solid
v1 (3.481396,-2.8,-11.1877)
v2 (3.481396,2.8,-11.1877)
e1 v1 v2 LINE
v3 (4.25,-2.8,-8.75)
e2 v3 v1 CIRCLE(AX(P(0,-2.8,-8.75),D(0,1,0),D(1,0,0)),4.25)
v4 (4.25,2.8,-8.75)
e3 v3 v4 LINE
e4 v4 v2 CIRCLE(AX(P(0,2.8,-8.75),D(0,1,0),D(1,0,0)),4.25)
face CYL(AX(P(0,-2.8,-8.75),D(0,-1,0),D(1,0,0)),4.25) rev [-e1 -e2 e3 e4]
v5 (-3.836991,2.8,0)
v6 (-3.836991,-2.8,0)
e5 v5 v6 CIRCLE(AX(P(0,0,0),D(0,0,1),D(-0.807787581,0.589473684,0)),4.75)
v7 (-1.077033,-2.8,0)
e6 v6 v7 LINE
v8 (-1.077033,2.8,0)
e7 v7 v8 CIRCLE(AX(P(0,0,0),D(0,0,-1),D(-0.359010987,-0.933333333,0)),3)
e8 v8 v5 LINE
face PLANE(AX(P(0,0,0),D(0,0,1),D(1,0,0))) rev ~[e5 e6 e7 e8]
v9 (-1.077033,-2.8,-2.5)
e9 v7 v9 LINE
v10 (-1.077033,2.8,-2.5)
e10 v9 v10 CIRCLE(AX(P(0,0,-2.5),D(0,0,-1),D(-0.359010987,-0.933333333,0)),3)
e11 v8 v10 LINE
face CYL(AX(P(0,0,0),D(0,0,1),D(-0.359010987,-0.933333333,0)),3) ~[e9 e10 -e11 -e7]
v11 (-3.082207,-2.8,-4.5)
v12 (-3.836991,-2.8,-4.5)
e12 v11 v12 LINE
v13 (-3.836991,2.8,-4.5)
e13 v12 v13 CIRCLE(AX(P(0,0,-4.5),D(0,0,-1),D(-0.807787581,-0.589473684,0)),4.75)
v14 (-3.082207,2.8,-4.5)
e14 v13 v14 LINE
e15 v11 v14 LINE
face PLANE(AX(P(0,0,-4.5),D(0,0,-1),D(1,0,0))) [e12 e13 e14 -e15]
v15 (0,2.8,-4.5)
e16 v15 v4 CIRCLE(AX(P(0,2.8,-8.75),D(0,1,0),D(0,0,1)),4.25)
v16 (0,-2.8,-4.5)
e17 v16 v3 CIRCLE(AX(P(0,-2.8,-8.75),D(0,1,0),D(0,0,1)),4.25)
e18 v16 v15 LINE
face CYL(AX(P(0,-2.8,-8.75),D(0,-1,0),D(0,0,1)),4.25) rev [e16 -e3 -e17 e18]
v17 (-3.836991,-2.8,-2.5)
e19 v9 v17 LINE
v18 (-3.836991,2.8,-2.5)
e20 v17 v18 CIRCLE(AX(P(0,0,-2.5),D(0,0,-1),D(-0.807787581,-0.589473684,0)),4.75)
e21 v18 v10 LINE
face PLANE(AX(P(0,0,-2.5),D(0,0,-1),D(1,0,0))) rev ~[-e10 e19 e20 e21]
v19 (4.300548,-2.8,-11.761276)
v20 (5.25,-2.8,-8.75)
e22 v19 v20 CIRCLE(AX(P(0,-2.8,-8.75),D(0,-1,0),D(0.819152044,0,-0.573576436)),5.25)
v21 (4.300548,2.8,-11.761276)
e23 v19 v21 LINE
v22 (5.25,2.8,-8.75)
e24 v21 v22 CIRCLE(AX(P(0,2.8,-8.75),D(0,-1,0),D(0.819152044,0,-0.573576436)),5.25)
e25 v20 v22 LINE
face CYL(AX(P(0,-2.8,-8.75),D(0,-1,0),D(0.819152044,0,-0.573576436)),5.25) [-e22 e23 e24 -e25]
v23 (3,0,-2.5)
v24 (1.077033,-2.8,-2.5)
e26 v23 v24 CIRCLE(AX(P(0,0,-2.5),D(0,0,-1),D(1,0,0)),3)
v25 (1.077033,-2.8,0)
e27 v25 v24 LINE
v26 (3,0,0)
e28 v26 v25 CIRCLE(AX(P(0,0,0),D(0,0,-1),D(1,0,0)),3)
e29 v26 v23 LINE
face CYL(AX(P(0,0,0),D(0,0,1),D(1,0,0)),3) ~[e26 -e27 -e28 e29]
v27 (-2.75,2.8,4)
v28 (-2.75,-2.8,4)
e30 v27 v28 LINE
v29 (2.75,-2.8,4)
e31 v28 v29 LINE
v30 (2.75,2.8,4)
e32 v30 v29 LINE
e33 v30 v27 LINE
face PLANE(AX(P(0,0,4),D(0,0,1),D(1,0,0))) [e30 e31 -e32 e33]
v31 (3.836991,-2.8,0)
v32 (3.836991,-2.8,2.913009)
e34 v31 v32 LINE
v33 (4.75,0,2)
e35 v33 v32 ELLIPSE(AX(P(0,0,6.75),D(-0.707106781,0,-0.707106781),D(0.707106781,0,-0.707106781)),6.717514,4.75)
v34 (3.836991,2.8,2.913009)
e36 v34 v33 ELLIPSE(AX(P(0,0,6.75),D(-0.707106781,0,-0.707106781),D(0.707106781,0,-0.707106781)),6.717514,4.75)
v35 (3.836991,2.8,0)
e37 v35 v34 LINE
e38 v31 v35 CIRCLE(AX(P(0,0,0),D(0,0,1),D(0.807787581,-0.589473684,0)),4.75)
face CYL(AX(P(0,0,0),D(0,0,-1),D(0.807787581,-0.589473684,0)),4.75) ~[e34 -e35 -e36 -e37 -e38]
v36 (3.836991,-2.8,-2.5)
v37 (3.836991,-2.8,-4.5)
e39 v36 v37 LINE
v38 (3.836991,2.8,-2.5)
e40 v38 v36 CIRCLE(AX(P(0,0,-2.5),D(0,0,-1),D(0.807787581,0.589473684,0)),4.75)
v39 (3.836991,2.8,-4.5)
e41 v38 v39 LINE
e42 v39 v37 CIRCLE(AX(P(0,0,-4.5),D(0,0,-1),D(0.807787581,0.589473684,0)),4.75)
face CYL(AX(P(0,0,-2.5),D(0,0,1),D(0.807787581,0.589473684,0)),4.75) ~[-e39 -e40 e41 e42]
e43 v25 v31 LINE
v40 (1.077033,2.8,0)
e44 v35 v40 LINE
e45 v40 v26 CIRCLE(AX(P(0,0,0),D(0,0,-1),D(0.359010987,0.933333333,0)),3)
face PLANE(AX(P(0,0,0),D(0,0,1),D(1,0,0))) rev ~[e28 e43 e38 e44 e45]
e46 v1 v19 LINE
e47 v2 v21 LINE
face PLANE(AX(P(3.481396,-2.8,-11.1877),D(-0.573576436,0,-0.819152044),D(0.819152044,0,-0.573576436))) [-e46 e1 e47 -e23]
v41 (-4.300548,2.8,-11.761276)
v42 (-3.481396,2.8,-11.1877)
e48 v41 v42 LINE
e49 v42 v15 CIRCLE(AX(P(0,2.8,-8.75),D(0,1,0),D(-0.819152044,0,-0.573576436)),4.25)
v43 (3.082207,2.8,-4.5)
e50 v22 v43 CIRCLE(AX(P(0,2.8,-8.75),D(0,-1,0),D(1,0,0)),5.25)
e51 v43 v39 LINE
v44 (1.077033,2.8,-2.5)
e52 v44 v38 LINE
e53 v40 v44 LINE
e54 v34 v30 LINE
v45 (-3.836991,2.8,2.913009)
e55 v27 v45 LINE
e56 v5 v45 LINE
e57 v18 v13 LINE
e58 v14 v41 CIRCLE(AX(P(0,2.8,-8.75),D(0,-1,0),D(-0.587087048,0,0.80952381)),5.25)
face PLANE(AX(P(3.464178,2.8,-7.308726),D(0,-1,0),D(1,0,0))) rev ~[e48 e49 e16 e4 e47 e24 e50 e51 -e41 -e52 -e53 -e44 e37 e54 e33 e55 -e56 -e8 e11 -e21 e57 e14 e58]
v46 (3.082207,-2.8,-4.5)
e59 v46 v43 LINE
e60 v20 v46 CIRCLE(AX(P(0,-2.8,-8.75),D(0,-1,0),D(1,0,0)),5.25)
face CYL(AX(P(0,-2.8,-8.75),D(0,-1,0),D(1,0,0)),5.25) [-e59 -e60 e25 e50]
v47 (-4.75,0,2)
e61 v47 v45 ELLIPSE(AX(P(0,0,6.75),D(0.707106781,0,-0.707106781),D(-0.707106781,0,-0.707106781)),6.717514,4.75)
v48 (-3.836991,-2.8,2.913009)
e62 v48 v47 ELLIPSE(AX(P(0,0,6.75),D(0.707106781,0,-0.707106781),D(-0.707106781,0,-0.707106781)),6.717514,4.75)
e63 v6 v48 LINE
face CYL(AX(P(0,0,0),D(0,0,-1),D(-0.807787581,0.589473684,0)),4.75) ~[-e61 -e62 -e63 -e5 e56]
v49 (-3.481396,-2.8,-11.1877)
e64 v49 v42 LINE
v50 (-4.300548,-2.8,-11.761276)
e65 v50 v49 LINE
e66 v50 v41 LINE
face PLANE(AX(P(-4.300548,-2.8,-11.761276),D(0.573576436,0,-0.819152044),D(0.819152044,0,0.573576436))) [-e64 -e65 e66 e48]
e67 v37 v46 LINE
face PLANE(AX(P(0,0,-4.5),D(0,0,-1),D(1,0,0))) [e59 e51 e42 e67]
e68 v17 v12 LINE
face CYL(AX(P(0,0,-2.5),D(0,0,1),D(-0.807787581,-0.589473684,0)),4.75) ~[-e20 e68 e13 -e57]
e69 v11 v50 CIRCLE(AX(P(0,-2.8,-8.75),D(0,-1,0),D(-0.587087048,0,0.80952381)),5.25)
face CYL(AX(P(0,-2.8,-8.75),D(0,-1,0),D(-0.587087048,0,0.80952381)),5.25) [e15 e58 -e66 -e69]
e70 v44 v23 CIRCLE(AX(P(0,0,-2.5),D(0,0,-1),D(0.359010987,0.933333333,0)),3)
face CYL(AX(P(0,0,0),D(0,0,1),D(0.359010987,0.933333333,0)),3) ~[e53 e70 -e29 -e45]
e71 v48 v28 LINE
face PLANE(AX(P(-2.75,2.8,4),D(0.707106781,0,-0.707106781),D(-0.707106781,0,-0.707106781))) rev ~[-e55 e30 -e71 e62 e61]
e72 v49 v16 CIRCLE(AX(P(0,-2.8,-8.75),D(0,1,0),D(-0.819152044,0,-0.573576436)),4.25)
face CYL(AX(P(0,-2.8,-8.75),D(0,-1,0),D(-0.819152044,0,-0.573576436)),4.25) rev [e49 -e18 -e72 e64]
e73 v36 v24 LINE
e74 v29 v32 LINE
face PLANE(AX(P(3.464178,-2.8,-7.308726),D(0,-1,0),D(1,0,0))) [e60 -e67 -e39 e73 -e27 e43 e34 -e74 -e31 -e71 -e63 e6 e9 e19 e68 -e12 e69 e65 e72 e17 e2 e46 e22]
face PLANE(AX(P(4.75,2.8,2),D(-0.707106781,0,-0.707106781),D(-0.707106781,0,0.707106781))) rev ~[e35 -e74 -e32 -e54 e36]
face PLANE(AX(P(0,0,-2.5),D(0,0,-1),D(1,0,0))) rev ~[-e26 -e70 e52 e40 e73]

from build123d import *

# Parameters (mm, degrees)
F1_DEPTH = 4
F3_DEPTH = 2.5
F5_DEPTH = 2
F7_DEPTH = 5.6
F9_DEPTH = 25


with BuildPart() as f1:
    # F0 (on Top) → F1 (new body)
    with BuildSketch(Plane.XY):
        with BuildLine():
            Line((3.8369910086, 2.8), (-3.8369910086, 2.8))
            ThreePointArc((-3.8369910086, 2.8), (-4.75, 0), (-3.8369910086, -2.8))
            Line((-3.8369910086, -2.8), (3.8369910086, -2.8))
            ThreePointArc((3.8369910086, -2.8), (4.75, 0), (3.8369910086, 2.8))
        make_face()
    extrude(amount=F1_DEPTH)

    # F2 (on face) → F3 (join)
    with BuildSketch(Plane(origin=(0, 0, 0), x_dir=(1, 0, 0), z_dir=(0, 0, -1))):
        with BuildLine():
            ThreePointArc((1.0770329614, -2.8), (2.4729636961, -1.6983670268), (3, 0))
            ThreePointArc((3, 0), (2.4729636961, 1.6983670268), (1.0770329614, 2.8))
            Line((1.0770329614, 2.8), (-1.0770329614, 2.8))
            ThreePointArc((-1.0770329614, 2.8), (-3, 0), (-1.0770329614, -2.8))
            Line((-1.0770329614, -2.8), (1.0770329614, -2.8))
        make_face()
    extrude(amount=F3_DEPTH)

    # F4 (on face) → F5 (join)
    with BuildSketch(Plane(origin=(0, 0, -2.5), x_dir=(1, 0, 0), z_dir=(0, 0, -1))):
        with BuildLine():
            ThreePointArc((3.8369910086, -2.8), (4.75, 0), (3.8369910086, 2.8))
            Line((3.8369910086, 2.8), (1.0770329614, 2.8))
            Line((1.0770329614, 2.8), (-1.0770329614, 2.8))
            Line((-1.0770329614, 2.8), (-3.8369910086, 2.8))
            ThreePointArc((-3.8369910086, 2.8), (-4.75, 0), (-3.8369910086, -2.8))
            Line((-3.8369910086, -2.8), (-1.0770329614, -2.8))
            Line((-1.0770329614, -2.8), (1.0770329614, -2.8))
            Line((1.0770329614, -2.8), (3.8369910086, -2.8))
        make_face()
    extrude(amount=F5_DEPTH)

    # F6 (on face) → F7 (join)
    with BuildSketch(Plane.XZ.offset(2.8)):
        with BuildLine():
            ThreePointArc((0, -4.5), (3.00520382, -5.74479618), (4.25, -8.75))
            ThreePointArc((4.25, -8.75), (4.0532970407, -10.0279996479), (3.4813961882, -11.1876998545))
            Line((3.4813961882, -11.1876998545), (4.3005482325, -11.7612762908))
            ThreePointArc((4.3005482325, -11.7612762908), (5.0070139914, -10.3287054474), (5.25, -8.75))
            ThreePointArc((5.25, -8.75), (4.6767556467, -6.3645322008), (3.0822070015, -4.5))
            Line((3.0822070015, -4.5), (0, -4.5))
        make_face()
        with BuildLine():
            ThreePointArc((-3.4813961882, -11.1876998545), (-3.769796041, -6.7875683938), (0, -4.5))
            Line((0, -4.5), (-3.0822070015, -4.5))
            ThreePointArc((-3.0822070015, -4.5), (-5.1776251365, -7.8812664702), (-4.3005482325, -11.7612762908))
            Line((-4.3005482325, -11.7612762908), (-3.4813961882, -11.1876998545))
        make_face()
    extrude(amount=-F7_DEPTH)

    # F8 (on face) → F9 (cut)
    with BuildSketch(Plane(origin=(0, 2.8, 0), x_dir=(-1, 0, 0), z_dir=(0, 1, 0))):
        Polygon((4.75, 2), (4.75, 4), (3.8369910086, 4), (3.8369910086, 2.9130089914), align=None)
        Polygon((3.8369910086, 2.9130089914), (3.8369910086, 4), (2.75, 4), align=None)
        Polygon((-3.8369910086, 2.9130089914), (-2.75, 4), (-3.8369910086, 4), align=None)
        Polygon((-3.8369910086, 2.9130089914), (-3.8369910086, 4), (-4.75, 4), (-4.75, 2), align=None)
    extrude(amount=-F9_DEPTH, mode=Mode.SUBTRACT)


solid = f1.part
